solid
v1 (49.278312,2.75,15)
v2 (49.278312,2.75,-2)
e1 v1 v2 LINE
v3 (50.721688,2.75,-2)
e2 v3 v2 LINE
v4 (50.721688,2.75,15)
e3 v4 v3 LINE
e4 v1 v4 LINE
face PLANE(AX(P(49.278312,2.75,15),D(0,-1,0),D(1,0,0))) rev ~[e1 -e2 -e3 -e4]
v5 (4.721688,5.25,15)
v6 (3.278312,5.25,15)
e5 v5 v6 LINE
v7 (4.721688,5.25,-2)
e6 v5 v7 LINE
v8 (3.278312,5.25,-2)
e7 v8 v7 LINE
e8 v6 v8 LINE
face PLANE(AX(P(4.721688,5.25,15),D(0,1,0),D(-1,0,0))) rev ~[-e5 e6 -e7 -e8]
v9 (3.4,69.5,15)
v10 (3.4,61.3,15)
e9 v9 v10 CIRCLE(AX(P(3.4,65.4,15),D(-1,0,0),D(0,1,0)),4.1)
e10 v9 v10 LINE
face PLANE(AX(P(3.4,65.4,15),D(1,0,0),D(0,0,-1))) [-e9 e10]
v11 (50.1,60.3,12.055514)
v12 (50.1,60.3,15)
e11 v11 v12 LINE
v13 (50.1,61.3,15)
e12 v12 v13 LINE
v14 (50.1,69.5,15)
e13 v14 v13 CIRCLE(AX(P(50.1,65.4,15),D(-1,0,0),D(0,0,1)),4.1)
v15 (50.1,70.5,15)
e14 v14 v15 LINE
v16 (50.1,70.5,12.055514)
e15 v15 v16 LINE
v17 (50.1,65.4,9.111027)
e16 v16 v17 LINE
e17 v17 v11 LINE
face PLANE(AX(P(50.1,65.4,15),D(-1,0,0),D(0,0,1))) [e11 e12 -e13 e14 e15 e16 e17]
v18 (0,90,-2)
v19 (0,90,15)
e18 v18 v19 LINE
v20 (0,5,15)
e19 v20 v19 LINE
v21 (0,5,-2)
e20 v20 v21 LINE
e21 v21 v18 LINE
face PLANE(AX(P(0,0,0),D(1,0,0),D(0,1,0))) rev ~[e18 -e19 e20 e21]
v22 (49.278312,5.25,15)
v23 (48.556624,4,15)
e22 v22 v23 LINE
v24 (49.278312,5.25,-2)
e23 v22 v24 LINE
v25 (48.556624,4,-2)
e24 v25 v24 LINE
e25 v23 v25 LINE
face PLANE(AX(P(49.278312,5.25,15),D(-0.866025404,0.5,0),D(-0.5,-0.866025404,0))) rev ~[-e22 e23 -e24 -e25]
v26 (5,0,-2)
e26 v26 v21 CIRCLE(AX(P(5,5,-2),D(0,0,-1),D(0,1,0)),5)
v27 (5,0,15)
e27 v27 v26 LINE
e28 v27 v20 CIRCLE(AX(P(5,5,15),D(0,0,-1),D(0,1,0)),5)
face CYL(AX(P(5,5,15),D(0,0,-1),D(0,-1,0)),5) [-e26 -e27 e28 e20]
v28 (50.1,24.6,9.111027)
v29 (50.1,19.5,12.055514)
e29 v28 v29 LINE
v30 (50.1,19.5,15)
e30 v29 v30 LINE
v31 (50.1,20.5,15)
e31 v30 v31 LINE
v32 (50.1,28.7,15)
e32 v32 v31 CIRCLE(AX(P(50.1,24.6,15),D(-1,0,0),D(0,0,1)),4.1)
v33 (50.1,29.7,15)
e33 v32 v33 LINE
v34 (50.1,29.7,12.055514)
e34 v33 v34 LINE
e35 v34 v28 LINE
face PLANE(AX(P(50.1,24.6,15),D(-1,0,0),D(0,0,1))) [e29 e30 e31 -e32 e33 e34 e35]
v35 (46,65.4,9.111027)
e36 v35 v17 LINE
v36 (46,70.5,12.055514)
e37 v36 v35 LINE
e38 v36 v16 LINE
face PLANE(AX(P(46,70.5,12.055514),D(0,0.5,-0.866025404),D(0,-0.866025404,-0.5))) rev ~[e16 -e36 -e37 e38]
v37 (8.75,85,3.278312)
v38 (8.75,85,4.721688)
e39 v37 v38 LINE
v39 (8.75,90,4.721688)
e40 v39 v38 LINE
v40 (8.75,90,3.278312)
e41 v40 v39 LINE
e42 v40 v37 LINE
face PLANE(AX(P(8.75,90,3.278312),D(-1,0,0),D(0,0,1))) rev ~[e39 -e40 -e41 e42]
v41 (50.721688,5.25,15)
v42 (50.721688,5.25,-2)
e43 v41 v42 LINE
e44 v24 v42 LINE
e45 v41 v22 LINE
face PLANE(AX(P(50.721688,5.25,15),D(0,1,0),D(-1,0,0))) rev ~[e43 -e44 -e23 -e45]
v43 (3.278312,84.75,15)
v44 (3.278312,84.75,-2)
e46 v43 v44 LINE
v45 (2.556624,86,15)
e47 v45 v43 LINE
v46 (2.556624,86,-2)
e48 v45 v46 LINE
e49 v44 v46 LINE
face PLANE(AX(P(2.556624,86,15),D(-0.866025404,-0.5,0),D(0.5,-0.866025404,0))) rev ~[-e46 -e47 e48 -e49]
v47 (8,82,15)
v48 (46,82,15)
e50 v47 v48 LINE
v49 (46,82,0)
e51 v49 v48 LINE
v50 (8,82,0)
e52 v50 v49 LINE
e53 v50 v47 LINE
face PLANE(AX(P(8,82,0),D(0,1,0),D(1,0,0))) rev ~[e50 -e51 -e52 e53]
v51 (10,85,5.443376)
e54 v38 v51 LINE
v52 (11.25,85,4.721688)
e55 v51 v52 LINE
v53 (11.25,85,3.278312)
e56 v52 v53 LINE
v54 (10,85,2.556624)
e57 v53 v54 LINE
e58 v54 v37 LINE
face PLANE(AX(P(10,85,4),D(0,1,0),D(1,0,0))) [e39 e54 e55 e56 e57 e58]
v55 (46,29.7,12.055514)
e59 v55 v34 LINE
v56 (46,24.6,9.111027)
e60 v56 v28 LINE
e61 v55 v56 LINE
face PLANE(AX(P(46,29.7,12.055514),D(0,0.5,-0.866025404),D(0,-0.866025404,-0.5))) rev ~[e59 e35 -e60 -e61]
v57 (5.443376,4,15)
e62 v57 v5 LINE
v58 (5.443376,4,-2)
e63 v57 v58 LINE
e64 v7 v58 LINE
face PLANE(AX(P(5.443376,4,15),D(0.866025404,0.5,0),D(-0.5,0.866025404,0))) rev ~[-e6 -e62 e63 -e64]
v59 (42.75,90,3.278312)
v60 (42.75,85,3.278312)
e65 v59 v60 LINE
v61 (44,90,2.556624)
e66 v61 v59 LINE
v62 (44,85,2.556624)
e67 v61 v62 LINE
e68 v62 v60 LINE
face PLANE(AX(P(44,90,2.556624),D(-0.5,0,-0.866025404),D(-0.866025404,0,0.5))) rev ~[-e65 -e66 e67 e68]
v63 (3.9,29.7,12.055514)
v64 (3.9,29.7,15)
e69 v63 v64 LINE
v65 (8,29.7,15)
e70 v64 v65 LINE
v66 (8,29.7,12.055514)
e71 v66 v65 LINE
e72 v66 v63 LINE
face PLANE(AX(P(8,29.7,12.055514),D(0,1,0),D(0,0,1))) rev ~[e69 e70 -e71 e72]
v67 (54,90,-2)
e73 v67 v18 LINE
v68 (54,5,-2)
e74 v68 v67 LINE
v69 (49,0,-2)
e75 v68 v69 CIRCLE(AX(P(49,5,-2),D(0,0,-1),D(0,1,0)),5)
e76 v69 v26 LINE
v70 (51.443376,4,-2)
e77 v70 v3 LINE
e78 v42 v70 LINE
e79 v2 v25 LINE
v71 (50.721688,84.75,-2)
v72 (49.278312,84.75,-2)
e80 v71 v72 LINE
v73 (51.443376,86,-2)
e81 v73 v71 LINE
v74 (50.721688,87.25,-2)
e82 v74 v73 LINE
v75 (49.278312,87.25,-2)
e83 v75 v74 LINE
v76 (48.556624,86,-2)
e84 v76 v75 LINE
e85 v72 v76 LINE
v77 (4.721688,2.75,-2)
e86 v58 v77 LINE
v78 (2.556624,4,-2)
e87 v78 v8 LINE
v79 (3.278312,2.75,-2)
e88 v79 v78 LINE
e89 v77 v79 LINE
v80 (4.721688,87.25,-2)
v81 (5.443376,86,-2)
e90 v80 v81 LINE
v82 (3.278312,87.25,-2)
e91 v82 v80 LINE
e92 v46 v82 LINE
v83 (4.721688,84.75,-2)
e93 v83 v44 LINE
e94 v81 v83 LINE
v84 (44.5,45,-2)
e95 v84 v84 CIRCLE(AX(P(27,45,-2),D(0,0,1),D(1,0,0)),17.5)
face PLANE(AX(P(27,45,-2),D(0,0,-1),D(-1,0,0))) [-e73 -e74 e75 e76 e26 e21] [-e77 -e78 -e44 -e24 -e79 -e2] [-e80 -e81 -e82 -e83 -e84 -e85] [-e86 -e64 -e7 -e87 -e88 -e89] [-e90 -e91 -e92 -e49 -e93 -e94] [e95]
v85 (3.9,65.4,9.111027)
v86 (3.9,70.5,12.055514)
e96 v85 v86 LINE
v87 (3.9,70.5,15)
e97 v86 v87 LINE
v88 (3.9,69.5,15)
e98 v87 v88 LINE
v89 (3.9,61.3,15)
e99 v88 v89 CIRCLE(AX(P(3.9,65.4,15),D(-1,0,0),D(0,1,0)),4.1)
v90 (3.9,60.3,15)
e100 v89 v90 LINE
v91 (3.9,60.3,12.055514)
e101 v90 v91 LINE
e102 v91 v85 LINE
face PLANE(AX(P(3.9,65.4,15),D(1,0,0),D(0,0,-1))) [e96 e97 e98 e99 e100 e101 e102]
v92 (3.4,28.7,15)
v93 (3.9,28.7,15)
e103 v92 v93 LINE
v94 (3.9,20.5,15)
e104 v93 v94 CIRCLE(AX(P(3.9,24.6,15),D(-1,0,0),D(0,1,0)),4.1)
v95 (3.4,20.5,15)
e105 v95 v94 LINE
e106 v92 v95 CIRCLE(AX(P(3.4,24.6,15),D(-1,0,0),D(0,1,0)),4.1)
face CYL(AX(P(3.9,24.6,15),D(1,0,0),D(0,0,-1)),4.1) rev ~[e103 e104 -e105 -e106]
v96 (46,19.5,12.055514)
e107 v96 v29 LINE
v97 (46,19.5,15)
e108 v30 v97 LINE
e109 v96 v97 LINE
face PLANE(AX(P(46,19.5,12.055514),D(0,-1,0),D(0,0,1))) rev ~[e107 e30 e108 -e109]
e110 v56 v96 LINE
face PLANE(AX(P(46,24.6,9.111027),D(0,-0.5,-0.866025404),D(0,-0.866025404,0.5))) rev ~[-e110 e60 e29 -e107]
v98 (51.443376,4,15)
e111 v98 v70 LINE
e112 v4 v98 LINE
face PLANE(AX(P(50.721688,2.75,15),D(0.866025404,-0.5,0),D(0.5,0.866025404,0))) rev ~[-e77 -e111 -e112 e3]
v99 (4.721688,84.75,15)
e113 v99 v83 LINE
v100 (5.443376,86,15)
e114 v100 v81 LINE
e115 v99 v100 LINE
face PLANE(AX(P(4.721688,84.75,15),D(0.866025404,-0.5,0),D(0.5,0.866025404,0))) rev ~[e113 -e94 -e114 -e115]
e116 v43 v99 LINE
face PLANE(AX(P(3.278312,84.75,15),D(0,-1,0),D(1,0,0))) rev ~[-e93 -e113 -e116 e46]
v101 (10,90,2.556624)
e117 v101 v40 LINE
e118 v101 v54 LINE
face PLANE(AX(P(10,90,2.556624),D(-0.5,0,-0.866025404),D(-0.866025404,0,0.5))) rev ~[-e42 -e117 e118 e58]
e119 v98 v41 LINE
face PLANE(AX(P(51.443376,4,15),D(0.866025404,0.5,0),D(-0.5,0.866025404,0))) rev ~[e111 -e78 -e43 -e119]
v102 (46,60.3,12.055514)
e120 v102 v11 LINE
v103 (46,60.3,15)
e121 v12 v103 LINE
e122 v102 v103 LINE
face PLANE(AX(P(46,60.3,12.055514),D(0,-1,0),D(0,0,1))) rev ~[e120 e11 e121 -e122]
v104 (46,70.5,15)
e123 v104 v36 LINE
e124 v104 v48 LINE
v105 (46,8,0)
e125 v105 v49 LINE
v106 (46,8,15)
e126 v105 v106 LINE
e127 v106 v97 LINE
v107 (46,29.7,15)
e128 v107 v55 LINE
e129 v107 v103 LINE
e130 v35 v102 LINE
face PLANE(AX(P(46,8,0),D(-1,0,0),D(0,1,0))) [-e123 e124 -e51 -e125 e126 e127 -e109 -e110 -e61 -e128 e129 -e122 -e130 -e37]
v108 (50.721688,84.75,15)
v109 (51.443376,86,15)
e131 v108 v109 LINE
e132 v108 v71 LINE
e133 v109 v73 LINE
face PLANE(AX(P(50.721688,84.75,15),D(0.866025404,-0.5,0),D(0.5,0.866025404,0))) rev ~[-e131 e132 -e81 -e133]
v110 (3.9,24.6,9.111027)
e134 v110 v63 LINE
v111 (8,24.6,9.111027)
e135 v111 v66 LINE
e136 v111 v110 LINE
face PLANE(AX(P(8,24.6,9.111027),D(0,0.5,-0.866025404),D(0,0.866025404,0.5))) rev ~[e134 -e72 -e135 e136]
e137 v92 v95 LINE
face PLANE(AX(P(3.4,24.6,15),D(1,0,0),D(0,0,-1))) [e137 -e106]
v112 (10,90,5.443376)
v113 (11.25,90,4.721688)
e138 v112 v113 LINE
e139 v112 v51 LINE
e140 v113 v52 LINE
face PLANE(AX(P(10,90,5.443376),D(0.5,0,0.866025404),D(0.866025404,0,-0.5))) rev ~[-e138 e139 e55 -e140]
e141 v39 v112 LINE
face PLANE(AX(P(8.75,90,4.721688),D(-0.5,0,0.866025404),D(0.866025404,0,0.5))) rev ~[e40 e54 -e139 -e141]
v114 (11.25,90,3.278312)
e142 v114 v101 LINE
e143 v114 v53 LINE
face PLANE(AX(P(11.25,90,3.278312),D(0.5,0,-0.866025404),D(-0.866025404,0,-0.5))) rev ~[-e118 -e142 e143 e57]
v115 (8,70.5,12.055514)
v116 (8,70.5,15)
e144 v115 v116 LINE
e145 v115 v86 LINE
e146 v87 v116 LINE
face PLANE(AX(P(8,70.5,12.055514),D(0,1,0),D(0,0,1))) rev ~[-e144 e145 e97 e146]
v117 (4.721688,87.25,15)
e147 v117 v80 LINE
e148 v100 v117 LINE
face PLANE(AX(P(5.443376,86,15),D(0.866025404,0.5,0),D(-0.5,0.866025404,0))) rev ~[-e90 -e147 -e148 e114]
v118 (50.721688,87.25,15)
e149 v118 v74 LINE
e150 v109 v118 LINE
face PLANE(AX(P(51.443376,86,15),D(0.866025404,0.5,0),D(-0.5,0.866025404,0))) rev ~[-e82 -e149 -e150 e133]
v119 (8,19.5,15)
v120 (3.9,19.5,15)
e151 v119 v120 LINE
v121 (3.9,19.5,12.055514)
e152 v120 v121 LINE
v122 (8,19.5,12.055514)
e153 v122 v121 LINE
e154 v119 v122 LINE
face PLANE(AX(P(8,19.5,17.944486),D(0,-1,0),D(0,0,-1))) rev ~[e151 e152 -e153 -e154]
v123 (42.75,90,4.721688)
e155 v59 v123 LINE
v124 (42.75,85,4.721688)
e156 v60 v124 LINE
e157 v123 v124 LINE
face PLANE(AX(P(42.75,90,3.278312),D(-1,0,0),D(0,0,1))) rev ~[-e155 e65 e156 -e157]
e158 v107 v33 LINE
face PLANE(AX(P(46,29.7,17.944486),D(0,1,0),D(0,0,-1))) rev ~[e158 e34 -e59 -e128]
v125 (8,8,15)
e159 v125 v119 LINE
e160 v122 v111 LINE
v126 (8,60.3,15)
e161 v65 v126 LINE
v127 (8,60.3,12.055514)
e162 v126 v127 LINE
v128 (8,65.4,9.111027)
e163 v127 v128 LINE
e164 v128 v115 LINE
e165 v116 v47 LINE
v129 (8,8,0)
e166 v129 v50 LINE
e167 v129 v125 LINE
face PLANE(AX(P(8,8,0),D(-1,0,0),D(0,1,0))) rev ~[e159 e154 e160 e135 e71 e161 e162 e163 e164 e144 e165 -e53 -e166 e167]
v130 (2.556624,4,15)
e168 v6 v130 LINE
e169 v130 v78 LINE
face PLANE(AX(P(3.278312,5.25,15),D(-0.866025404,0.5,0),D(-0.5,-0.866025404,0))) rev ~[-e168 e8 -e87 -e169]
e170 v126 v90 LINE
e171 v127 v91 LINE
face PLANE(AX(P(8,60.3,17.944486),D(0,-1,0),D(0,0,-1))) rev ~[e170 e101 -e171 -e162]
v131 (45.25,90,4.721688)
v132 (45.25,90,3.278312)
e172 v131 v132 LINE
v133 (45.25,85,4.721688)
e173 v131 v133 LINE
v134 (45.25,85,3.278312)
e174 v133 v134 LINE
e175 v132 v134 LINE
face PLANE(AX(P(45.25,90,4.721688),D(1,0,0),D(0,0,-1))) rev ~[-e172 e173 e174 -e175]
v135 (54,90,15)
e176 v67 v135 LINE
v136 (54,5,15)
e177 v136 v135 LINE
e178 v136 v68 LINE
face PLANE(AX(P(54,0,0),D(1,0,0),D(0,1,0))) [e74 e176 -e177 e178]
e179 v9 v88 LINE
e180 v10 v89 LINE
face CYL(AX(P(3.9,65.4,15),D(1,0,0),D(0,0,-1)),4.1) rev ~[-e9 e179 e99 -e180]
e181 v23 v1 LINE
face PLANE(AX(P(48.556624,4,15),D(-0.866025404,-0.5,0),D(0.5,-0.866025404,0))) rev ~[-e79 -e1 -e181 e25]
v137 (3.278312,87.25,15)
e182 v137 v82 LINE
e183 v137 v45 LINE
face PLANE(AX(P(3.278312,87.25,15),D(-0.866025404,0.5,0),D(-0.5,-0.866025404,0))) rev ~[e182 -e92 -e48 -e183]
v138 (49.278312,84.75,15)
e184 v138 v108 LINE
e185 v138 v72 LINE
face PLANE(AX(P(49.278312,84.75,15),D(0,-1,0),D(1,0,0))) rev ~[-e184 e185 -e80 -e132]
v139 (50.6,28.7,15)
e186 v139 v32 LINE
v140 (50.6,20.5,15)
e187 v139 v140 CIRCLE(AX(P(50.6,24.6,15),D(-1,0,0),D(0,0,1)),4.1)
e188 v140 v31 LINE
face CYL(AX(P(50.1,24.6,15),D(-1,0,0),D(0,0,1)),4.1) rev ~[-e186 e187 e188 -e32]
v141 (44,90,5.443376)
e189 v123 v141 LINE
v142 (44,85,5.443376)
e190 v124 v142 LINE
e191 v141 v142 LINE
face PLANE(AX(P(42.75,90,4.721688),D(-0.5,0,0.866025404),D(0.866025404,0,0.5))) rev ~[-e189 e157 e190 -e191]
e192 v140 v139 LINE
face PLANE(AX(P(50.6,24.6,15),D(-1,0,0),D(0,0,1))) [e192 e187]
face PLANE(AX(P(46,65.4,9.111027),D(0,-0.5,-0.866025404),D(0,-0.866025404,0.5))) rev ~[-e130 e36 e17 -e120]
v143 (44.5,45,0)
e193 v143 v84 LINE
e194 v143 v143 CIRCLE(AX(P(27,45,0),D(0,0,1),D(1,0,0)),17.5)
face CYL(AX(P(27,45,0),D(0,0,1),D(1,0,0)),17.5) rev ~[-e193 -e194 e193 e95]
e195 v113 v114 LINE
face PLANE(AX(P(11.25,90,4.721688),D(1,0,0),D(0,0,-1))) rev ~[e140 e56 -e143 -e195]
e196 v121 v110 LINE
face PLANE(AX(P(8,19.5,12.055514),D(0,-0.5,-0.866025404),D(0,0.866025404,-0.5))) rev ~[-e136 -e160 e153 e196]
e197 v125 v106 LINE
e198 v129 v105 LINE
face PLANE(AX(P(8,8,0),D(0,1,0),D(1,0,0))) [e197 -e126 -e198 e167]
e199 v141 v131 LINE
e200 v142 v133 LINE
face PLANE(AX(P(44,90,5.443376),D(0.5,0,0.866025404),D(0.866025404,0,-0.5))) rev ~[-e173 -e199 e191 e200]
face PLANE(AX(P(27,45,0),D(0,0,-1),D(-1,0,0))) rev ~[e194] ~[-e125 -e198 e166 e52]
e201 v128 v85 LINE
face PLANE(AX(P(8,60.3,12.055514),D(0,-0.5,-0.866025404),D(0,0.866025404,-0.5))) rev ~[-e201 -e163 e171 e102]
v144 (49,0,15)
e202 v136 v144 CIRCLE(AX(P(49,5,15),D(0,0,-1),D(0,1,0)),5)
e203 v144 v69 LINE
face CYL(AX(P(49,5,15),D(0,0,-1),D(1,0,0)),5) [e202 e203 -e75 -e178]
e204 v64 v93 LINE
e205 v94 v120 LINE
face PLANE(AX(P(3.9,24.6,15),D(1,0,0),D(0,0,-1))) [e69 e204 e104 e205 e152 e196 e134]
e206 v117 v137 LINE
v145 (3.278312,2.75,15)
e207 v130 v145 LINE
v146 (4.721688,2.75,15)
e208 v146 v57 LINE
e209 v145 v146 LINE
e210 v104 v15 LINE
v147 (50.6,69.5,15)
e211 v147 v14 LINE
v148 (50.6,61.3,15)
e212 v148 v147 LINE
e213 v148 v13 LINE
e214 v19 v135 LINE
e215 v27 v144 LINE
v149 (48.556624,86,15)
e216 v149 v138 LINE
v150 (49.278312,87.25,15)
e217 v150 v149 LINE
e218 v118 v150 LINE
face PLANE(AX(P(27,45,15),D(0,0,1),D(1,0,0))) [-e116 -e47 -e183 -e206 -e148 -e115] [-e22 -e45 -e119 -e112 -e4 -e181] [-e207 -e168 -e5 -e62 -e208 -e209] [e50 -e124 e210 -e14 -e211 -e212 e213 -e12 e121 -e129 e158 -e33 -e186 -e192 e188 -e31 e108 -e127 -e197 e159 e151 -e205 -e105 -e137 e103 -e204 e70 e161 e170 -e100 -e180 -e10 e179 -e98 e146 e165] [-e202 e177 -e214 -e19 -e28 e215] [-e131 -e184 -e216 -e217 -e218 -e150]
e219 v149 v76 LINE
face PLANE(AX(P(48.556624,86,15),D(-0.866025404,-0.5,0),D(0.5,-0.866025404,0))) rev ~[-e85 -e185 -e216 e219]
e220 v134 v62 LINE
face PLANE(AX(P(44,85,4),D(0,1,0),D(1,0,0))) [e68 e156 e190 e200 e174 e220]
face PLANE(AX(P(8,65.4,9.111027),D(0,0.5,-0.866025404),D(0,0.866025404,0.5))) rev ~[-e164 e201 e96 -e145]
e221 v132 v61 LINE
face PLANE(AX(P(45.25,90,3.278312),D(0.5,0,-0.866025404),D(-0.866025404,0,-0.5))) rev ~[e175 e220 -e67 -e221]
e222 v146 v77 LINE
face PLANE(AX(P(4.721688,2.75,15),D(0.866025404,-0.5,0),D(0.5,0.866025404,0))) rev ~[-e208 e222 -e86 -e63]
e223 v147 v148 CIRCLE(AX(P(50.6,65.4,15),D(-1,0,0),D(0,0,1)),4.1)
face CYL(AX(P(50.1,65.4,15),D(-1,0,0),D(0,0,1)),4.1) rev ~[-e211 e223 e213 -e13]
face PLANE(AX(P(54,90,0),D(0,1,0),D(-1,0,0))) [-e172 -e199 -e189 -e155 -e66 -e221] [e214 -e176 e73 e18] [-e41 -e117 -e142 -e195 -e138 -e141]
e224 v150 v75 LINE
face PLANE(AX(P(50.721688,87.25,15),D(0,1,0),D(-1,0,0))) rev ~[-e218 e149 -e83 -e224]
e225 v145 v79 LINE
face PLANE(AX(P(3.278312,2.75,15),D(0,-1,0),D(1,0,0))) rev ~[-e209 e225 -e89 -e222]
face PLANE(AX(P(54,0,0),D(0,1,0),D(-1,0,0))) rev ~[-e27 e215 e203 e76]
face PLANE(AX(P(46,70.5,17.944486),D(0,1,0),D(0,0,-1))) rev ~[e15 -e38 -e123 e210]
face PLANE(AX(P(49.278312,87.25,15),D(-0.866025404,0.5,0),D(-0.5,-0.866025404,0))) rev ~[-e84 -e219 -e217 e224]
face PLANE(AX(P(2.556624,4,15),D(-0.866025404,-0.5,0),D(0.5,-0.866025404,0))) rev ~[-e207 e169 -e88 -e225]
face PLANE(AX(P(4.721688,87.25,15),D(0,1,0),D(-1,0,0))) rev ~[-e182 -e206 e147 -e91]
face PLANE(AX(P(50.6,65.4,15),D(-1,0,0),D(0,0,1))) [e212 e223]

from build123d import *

# Parameters (mm, degrees)
SKETCH1_W           = 54
SKETCH1_H           = 90
SKETCH1_W_2         = 38
SKETCH1_H_2         = 74
BOSS_EXTRUDE1_DEPTH = 30
CUT_EXTRUDE1_DEPTH  = 4.1
SKETCH5_R           = 4.1
CUT_EXTRUDE2_DEPTH  = 0.5
CUT_EXTRUDE3_DEPTH  = 4.1
SKETCH7_R           = 4.1
CUT_EXTRUDE4_DEPTH  = 0.5
SKETCH8_W           = 54
SKETCH8_H           = 90
BOSS_EXTRUDE2_DEPTH = 2
SKETCH9_W           = 54
SKETCH9_H           = 90
BOSS_EXTRUDE3_DEPTH = 2
SKETCH10_W          = 54
SKETCH10_H          = 90
CUT_EXTRUDE5_DEPTH  = 17
SKETCH11_R          = 17.5
CUT_EXTRUDE6_DEPTH  = 3
CUT_EXTRUDE7_DEPTH  = 18
CUT_EXTRUDE8_DEPTH  = 5
FILLET1_R           = 5


with BuildPart() as part:
    # Sketch1 → Boss-Extrude1 (new body)
    with BuildSketch(Plane.XY):
        with Locations((27, 45)):
            Rectangle(SKETCH1_W, SKETCH1_H)
        with Locations((27, 45)):
            Rectangle(SKETCH1_W_2, SKETCH1_H_2, mode=Mode.SUBTRACT)
    extrude(amount=BOSS_EXTRUDE1_DEPTH)

    # Sketch2 → Cut-Extrude1 (cut)
    with BuildSketch(Plane.ZY.offset(-46)):
        Polygon((20.888972746, 65.4), (17.944486373, 70.5), (12.055513627, 70.5), (9.111027254, 65.4), (12.055513627, 60.3), (17.944486373, 60.3), align=None)
        Polygon((20.888972746, 24.6), (17.944486373, 29.7), (12.055513627, 29.7), (9.111027254, 24.6), (12.055513627, 19.5), (17.944486373, 19.5), align=None)
    extrude(amount=-CUT_EXTRUDE1_DEPTH, mode=Mode.SUBTRACT)

    # Sketch5 → Cut-Extrude2 (cut)
    with BuildSketch(Plane.ZY.offset(-50.1)):
        with Locations((15, 65.4)):
            Circle(SKETCH5_R)
        with Locations((15, 24.6)):
            Circle(SKETCH5_R)
    extrude(amount=-CUT_EXTRUDE2_DEPTH, mode=Mode.SUBTRACT)

    # Sketch6 → Cut-Extrude3 (cut)
    with BuildSketch(Plane(origin=(8, 0, 0), x_dir=(0, 0, -1), z_dir=(1, 0, 0))):
        Polygon((-9.111027254, 65.4), (-12.055513627, 70.5), (-17.944486373, 70.5), (-20.888972746, 65.4), (-17.944486373, 60.3), (-12.055513627, 60.3), align=None)
        Polygon((-9.111027254, 24.6), (-12.055513627, 29.7), (-17.944486373, 29.7), (-20.888972746, 24.6), (-17.944486373, 19.5), (-12.055513627, 19.5), align=None)
    extrude(amount=-CUT_EXTRUDE3_DEPTH, mode=Mode.SUBTRACT)

    # Sketch7 → Cut-Extrude4 (cut)
    with BuildSketch(Plane(origin=(3.9, 0, 0), x_dir=(0, 0, -1), z_dir=(1, 0, 0))):
        with Locations((-15, 65.4)):
            Circle(SKETCH7_R)
        with Locations((-15, 24.6)):
            Circle(SKETCH7_R)
    extrude(amount=-CUT_EXTRUDE4_DEPTH, mode=Mode.SUBTRACT)

    # Sketch8 → Boss-Extrude2 (add)
    with BuildSketch(Plane.XY.offset(30)):
        with Locations((27, 45)):
            Rectangle(SKETCH8_W, SKETCH8_H)
    extrude(amount=BOSS_EXTRUDE2_DEPTH)

    # Sketch9 → Boss-Extrude3 (add)
    with BuildSketch(Plane(origin=(0, 0, 0), x_dir=(-1, 0, 0), z_dir=(0, 0, -1))):
        with Locations((-27, 45)):
            Rectangle(SKETCH9_W, SKETCH9_H)
    extrude(amount=BOSS_EXTRUDE3_DEPTH)

    # Sketch10 → Cut-Extrude5 (cut)
    with BuildSketch(Plane.XY.offset(32)):
        with Locations((27, 45)):
            Rectangle(SKETCH10_W, SKETCH10_H)
    extrude(amount=-CUT_EXTRUDE5_DEPTH, mode=Mode.SUBTRACT)

    # Sketch11 → Cut-Extrude6 (cut, through all)
    with BuildSketch(Plane.XY):
        with Locations((27, 45)):
            Circle(SKETCH11_R)
    extrude(amount=-CUT_EXTRUDE6_DEPTH, mode=Mode.SUBTRACT)

    # Sketch12 → Cut-Extrude7 (cut, through all)
    with BuildSketch(Plane.XY.offset(15)):
        Polygon((5.443375673, 86), (4.721687836, 87.25), (3.278312164, 87.25), (2.556624327, 86), (3.278312164, 84.75), (4.721687836, 84.75), align=None)
        Polygon((51.443375673, 86), (50.721687836, 87.25), (49.278312164, 87.25), (48.556624327, 86), (49.278312164, 84.75), (50.721687836, 84.75), align=None)
        Polygon((3.278312164, 2.75), (4.721687836, 2.75), (5.443375673, 4), (4.721687836, 5.25), (3.278312164, 5.25), (2.556624327, 4), align=None)
        Polygon((50.721687836, 5.25), (49.278312164, 5.25), (48.556624327, 4), (49.278312164, 2.75), (50.721687836, 2.75), (51.443375673, 4), align=None)
    extrude(amount=-CUT_EXTRUDE7_DEPTH, mode=Mode.SUBTRACT)

    # Sketch13 → Cut-Extrude8 (cut)
    with BuildSketch(Plane(origin=(0, 90, 0), x_dir=(1, 0, 0), z_dir=(0, 1, 0))):
        Polygon((10, -2.556624327), (8.75, -3.278312164), (8.75, -4.721687836), (10, -5.443375673), (11.25, -4.721687836), (11.25, -3.278312164), align=None)
        Polygon((44, -2.556624327), (42.75, -3.278312164), (42.75, -4.721687836), (44, -5.443375673), (45.25, -4.721687836), (45.25, -3.278312164), align=None)
    extrude(amount=-CUT_EXTRUDE8_DEPTH, mode=Mode.SUBTRACT)

    # Fillet1
    fillet1_edges = [part.edges().sort_by_distance(p)[0] for p in [
        (0, 0, 6.5),
        (54, 0, 6.5),
    ]]
    fillet(fillet1_edges, radius=FILLET1_R)


solid = part.part
